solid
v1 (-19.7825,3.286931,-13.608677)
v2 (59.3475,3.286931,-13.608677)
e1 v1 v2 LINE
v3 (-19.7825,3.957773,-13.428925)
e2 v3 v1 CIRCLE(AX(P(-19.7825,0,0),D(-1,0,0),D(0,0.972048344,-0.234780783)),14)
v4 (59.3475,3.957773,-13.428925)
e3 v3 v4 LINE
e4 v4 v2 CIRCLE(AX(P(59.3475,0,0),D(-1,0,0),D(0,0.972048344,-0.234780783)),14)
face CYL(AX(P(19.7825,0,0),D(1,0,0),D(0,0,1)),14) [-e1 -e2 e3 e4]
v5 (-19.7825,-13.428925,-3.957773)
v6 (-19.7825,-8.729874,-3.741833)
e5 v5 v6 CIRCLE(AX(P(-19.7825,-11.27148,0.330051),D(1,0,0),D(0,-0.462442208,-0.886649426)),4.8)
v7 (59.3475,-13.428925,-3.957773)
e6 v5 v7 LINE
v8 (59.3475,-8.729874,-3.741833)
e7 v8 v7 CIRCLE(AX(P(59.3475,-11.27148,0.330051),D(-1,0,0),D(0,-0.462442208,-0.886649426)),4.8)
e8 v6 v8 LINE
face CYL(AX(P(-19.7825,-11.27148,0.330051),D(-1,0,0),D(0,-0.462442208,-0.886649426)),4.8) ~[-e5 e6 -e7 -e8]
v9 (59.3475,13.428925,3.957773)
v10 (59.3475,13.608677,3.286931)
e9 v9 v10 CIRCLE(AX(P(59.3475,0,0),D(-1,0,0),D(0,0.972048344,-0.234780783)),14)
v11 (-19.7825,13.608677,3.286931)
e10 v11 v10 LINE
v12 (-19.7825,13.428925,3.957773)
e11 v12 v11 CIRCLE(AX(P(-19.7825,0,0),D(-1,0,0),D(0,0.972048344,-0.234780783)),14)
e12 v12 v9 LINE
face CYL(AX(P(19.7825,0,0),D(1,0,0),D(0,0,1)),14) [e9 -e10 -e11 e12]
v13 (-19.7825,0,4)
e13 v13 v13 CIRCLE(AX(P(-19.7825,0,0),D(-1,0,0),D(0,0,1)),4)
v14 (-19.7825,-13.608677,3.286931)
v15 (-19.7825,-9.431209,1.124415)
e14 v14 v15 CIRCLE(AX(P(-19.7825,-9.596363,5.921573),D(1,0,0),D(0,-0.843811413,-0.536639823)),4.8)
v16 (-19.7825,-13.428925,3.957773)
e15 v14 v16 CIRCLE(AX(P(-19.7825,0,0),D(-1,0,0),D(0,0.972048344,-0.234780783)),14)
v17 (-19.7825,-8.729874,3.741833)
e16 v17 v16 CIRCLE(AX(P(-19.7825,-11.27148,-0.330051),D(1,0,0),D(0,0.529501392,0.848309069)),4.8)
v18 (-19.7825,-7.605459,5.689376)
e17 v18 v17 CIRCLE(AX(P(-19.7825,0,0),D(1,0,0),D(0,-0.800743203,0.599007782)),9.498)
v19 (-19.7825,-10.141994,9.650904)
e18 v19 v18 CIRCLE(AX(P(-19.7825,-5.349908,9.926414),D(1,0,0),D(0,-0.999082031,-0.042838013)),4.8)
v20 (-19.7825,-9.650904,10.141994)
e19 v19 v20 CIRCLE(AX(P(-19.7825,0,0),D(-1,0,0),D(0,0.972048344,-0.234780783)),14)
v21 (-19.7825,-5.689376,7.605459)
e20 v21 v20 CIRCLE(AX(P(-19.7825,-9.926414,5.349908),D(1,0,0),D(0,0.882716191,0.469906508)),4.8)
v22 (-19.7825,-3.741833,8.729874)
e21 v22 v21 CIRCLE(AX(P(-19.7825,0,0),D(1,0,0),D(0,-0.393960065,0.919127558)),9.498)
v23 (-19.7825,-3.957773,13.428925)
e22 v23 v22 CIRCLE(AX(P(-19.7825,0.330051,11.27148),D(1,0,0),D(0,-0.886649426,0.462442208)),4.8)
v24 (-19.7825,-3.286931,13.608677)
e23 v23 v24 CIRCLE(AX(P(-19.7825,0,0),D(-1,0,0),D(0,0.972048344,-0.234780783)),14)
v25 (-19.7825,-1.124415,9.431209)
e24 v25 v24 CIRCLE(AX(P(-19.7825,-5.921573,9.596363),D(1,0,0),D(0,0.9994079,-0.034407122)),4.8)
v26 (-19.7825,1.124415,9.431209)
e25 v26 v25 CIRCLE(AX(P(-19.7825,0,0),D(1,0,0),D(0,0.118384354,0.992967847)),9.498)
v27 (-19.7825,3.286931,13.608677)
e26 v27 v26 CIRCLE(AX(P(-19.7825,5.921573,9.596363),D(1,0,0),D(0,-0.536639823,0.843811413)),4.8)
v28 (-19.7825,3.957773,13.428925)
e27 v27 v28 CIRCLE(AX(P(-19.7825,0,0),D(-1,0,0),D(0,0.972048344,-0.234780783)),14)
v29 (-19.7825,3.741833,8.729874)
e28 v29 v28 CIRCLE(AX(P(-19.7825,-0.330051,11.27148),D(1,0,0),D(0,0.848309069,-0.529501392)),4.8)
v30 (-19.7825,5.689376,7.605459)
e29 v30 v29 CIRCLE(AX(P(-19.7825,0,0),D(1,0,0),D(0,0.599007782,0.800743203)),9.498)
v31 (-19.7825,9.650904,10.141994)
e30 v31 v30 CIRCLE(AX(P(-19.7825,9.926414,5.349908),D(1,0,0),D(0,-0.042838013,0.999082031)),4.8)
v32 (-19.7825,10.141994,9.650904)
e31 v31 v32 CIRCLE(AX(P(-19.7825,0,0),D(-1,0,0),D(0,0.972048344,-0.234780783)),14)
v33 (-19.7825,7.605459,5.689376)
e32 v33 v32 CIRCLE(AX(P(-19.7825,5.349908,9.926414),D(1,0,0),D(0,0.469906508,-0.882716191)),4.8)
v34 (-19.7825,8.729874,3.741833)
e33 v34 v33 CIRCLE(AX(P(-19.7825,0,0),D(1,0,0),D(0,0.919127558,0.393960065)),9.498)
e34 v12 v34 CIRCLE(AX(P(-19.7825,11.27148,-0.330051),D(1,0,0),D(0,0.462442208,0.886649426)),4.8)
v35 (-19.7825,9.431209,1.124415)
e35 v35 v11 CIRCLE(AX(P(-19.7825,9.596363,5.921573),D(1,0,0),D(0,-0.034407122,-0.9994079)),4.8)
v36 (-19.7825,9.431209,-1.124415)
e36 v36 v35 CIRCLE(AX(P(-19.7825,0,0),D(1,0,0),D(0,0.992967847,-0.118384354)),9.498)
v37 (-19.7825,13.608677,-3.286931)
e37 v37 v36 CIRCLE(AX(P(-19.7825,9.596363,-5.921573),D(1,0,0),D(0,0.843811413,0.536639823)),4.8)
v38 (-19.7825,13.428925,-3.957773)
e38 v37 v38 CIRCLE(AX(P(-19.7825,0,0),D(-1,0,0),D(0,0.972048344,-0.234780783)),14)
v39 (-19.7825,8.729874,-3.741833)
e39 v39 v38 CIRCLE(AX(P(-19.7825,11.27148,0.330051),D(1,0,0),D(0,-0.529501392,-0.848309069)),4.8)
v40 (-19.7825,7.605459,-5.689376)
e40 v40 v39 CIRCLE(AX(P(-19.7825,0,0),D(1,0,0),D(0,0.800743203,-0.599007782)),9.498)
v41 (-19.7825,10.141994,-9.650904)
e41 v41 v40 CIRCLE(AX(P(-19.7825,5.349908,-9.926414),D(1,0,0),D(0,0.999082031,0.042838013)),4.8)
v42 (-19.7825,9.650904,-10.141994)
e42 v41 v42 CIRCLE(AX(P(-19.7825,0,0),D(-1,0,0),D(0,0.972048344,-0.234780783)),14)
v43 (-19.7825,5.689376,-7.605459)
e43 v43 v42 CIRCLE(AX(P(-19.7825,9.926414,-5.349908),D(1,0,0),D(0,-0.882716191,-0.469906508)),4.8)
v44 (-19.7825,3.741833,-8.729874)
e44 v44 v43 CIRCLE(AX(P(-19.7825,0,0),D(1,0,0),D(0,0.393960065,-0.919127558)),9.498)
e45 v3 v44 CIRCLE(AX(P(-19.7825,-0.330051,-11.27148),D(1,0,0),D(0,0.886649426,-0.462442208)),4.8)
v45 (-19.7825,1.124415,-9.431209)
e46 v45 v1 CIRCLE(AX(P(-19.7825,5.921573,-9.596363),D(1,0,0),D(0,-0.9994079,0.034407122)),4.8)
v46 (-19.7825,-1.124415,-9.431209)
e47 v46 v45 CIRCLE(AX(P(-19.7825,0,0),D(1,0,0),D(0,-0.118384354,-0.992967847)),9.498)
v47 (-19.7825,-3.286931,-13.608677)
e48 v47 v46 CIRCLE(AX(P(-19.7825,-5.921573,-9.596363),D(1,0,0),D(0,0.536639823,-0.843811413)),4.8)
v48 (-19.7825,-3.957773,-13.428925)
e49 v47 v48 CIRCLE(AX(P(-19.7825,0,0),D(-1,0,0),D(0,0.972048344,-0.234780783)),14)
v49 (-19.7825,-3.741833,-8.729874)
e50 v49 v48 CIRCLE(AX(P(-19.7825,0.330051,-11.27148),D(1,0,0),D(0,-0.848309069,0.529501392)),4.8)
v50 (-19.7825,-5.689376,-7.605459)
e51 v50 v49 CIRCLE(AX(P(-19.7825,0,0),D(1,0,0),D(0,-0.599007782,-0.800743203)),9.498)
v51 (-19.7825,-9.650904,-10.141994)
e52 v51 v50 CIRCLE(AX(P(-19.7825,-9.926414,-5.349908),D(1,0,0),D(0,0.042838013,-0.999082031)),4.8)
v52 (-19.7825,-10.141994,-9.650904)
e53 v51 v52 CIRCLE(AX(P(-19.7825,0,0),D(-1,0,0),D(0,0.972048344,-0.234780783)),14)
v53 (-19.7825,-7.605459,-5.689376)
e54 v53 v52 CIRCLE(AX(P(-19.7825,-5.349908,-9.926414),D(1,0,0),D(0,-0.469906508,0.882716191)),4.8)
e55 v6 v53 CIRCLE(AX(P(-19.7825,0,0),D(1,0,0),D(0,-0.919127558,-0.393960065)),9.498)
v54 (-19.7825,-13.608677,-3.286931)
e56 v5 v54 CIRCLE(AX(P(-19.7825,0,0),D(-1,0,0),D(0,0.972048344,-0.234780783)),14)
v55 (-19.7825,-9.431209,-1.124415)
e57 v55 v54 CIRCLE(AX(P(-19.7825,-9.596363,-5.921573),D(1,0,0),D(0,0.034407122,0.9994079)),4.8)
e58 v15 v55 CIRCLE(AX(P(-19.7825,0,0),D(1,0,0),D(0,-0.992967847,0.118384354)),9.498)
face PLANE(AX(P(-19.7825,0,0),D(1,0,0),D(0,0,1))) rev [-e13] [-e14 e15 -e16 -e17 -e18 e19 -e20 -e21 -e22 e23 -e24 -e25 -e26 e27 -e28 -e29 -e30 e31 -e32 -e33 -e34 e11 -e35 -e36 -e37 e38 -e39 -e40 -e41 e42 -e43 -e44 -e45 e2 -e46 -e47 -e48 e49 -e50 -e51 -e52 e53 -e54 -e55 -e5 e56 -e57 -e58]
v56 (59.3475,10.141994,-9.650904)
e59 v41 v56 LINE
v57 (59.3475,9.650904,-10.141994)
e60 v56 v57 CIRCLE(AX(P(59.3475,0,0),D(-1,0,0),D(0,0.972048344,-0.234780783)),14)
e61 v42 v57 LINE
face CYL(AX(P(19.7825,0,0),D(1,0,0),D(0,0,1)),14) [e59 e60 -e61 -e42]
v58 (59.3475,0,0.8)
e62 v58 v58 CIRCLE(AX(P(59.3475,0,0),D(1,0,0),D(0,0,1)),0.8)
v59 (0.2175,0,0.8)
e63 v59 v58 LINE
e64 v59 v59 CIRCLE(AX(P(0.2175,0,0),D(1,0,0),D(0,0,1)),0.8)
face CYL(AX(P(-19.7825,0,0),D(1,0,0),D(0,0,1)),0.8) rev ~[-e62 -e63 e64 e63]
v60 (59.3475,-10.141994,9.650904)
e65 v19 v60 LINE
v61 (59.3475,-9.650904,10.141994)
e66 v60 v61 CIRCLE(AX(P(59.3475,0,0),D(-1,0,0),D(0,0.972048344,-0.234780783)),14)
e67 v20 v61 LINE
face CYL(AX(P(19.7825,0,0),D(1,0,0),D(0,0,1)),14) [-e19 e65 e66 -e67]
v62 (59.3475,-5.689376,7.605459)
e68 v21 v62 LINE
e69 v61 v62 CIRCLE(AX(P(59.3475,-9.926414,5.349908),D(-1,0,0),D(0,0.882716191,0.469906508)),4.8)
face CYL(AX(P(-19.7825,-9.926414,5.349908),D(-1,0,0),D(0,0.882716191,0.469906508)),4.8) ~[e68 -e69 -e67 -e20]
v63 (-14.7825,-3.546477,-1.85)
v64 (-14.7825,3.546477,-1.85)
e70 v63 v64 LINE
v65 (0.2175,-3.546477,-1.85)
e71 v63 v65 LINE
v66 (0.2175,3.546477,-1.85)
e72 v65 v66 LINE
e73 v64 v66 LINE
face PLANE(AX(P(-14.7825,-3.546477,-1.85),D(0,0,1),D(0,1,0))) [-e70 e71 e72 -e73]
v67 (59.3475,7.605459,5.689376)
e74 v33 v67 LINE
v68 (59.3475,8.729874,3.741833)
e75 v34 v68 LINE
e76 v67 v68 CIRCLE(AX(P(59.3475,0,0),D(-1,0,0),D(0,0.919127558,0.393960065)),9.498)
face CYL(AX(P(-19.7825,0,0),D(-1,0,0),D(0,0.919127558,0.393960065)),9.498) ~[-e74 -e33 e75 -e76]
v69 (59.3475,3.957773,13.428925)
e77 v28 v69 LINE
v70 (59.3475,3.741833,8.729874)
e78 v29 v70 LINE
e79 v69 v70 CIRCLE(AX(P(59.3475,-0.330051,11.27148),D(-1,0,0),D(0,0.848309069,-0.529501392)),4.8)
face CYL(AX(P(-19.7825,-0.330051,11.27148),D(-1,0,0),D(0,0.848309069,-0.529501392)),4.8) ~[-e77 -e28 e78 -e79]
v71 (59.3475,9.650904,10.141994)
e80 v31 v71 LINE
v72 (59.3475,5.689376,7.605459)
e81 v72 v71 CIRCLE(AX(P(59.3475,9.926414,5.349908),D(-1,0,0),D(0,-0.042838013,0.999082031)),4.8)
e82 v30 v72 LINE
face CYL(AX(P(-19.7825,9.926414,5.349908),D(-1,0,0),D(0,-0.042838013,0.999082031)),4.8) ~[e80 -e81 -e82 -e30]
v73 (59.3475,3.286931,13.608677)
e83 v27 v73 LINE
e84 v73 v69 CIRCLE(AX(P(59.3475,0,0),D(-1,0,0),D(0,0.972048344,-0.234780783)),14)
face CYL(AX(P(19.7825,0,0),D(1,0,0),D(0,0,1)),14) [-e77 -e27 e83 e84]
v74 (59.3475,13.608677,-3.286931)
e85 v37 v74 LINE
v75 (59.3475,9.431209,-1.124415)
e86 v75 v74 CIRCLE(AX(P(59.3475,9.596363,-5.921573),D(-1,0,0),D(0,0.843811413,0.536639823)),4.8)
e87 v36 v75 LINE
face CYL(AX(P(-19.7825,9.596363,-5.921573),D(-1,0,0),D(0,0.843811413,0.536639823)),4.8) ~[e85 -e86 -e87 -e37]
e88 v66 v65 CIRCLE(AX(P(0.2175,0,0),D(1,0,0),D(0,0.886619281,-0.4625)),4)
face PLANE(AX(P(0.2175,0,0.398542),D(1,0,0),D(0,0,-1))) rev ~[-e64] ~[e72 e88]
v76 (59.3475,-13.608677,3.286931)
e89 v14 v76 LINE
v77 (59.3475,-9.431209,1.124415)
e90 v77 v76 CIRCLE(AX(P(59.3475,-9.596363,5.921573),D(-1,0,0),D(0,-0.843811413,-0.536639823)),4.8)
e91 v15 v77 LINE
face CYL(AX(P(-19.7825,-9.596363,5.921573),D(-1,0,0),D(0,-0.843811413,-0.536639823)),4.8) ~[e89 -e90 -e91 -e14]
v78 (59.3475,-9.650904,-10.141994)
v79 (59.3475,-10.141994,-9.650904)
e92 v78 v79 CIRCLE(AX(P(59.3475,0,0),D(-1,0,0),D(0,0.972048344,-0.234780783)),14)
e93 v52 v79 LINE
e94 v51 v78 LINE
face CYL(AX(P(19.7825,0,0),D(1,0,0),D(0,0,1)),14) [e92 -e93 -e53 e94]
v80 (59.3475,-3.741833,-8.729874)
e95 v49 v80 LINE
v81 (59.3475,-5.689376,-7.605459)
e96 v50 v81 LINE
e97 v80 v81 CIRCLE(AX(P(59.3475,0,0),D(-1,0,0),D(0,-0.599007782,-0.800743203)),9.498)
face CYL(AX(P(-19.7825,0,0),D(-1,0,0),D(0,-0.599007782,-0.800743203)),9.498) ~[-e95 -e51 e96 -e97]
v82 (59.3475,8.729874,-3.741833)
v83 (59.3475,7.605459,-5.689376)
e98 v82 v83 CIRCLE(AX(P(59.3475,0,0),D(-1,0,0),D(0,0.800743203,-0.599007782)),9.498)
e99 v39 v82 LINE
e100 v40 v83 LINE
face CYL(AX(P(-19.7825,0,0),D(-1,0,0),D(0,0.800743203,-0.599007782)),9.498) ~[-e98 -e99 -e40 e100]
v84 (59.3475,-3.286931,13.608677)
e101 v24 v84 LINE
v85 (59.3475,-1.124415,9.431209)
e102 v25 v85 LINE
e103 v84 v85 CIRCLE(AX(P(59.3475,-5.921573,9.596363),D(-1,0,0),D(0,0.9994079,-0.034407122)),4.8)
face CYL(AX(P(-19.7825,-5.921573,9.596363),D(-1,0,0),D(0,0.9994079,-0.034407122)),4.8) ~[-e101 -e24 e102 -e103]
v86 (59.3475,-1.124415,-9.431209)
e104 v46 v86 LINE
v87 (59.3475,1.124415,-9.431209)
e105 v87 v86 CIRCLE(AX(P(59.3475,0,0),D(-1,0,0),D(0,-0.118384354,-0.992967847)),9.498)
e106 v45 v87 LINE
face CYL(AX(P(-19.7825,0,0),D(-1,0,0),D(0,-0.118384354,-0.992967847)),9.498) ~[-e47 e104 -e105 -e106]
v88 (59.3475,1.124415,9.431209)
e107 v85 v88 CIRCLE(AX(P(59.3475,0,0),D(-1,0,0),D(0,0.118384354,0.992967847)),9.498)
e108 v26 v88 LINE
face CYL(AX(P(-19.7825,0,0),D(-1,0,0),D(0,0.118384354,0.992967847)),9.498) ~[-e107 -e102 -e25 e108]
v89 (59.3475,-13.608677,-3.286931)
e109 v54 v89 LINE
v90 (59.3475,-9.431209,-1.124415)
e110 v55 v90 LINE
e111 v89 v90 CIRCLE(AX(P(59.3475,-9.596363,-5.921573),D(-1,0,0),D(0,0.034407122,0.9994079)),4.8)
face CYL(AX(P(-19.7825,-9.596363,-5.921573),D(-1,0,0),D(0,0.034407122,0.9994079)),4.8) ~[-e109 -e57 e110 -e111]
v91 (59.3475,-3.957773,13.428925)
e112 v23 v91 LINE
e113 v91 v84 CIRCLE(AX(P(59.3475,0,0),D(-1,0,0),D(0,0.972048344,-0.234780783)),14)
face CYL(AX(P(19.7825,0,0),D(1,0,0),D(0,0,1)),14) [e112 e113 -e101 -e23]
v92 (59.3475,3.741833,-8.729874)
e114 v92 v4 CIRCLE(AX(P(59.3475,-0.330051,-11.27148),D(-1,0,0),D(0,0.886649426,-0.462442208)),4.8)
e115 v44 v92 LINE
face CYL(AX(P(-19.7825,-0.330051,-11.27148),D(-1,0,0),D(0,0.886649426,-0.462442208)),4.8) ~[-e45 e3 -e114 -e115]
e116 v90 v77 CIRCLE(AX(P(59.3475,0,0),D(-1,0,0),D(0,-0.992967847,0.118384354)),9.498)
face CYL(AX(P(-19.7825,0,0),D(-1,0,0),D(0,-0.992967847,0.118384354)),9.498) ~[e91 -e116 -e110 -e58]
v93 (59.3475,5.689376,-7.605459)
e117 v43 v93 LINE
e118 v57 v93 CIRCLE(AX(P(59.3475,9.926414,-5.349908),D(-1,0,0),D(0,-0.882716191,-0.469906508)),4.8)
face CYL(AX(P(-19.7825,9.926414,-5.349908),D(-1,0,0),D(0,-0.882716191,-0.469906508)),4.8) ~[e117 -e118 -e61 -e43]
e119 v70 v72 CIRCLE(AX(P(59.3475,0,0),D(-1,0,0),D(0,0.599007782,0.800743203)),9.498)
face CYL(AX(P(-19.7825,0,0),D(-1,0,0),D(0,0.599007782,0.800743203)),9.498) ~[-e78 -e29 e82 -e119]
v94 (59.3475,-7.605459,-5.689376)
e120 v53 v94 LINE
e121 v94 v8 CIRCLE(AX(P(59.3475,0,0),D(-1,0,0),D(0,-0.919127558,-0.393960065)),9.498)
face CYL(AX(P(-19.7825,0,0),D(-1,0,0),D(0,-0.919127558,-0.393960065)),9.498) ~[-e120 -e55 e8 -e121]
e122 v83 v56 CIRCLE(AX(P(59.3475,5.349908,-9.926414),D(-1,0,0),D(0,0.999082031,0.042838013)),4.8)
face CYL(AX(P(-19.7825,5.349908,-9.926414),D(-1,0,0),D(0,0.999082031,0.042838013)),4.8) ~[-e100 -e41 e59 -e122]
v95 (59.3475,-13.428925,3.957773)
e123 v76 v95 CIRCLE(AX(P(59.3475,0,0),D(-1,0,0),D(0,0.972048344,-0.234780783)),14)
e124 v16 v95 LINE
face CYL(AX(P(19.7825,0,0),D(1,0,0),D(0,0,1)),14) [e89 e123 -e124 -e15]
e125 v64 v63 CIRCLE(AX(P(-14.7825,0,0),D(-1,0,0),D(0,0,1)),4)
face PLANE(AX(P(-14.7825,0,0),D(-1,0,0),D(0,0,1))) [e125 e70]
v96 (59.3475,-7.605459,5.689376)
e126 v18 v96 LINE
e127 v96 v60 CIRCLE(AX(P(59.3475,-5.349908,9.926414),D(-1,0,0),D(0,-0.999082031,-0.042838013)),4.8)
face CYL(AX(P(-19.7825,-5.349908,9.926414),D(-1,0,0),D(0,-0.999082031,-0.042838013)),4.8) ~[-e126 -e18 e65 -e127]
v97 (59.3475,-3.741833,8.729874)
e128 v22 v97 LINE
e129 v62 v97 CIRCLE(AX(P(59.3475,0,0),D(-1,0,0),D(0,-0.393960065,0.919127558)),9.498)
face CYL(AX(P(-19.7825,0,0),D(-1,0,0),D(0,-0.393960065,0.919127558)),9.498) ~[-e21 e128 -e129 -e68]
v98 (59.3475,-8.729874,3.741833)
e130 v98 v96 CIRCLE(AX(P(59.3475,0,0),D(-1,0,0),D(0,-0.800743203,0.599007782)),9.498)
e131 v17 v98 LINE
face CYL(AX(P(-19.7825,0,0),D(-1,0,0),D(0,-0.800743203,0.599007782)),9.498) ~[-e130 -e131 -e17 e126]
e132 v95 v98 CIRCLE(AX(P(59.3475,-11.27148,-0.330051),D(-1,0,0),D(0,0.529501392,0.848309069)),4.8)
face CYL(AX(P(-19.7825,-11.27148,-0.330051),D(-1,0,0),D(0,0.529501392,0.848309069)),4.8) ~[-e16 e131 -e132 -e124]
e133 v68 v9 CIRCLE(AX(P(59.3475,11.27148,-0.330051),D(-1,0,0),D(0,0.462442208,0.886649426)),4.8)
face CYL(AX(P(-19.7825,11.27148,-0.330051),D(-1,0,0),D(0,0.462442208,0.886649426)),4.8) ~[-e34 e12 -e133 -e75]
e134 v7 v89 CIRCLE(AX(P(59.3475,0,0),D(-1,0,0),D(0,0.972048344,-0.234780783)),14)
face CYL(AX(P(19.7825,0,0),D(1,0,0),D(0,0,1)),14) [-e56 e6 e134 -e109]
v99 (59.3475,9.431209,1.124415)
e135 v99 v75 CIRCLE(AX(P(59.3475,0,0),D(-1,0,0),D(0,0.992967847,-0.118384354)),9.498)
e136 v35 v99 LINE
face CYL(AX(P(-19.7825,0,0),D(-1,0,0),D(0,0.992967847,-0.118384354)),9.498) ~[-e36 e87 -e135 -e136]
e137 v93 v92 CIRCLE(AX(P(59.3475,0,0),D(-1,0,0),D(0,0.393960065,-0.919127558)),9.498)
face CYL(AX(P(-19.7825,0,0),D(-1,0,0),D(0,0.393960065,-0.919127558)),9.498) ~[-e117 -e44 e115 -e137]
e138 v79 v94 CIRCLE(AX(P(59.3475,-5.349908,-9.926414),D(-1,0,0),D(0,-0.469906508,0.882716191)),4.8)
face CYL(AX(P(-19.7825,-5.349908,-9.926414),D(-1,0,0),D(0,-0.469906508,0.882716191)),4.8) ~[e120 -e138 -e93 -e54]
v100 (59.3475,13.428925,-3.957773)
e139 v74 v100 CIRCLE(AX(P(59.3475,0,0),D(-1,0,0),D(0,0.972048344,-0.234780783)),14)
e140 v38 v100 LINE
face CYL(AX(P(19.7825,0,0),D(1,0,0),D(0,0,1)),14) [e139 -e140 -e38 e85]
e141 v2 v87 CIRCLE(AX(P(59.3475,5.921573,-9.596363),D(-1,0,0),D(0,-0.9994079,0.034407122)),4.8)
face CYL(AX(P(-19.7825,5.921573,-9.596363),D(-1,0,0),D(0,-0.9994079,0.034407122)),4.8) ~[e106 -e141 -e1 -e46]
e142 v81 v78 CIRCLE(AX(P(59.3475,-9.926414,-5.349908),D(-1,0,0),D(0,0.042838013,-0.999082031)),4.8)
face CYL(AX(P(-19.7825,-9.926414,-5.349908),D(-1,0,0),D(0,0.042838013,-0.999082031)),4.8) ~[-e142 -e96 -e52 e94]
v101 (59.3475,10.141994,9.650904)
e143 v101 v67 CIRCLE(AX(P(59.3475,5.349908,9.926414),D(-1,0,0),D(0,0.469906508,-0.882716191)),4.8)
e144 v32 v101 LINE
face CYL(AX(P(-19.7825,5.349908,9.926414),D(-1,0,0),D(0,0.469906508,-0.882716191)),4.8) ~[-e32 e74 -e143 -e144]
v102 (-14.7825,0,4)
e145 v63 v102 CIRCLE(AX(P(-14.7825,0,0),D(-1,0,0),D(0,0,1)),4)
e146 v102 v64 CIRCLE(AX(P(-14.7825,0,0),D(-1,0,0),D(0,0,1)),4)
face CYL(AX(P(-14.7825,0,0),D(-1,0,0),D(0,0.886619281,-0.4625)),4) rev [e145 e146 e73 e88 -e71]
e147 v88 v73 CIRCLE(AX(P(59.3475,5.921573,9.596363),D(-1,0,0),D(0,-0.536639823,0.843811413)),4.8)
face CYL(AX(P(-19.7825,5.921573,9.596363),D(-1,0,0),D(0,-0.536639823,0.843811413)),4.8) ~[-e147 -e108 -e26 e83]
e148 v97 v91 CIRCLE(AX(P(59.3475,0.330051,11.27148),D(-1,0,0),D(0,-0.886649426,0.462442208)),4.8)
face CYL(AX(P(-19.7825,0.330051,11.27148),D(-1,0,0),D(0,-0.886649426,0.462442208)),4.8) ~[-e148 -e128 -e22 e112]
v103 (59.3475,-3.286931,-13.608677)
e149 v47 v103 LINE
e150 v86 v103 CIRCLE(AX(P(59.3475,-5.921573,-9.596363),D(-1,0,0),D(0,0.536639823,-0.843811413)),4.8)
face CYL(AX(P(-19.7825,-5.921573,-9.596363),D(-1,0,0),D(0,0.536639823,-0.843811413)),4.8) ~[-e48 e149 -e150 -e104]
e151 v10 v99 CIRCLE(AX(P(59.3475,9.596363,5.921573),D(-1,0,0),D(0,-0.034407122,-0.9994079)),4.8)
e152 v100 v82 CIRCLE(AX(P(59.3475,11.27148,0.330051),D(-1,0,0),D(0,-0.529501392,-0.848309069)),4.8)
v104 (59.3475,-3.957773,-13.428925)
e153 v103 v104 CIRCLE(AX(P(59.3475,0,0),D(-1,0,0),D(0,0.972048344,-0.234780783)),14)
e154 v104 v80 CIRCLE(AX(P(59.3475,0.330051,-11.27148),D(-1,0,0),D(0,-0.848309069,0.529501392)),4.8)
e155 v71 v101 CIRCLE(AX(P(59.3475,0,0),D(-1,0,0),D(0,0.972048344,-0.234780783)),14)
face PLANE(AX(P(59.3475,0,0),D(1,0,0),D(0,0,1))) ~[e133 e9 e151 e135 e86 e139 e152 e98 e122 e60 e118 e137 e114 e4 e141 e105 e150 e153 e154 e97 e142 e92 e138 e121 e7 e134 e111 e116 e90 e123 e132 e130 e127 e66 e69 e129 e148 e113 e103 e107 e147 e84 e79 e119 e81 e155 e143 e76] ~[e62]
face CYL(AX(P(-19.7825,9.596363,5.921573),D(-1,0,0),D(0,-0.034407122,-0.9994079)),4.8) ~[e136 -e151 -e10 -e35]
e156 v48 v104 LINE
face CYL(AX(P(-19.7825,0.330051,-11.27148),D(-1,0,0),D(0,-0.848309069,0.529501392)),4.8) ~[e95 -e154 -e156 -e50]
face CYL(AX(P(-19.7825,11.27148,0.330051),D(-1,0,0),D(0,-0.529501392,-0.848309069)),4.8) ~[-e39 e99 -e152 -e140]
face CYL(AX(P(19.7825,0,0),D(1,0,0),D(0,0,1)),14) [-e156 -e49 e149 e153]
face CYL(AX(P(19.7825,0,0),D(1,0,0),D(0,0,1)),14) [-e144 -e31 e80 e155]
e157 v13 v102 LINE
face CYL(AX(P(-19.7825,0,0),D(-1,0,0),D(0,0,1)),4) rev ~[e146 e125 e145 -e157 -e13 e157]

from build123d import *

# Parameters (mm, degrees)
BASPROSKE_W        = 39.565
BASPROSKE_H        = 7
TOOTHCUT_DEPTH     = 41.784668995
TEETHCUTS_COUNT    = 12
TEETHCUTS_ANGLE    = 330
BORSKE_R           = 0.4
BORE_DEPTH         = 50.0000508
SCALE1_SCALE       = 2
SKETCH5_R          = 4
CUT_EXTRUDE2_DEPTH = 5
CUT_EXTRUDE4_DEPTH = 15


with BuildPart() as part:
    # BasProSke → Base-Revolve (revolve)
    with BuildSketch(Plane(origin=(0, 0, 0), x_dir=(1, 0, 0), z_dir=(0, 1, 0)), mode=Mode.PRIVATE) as base_revolve_sk:
        with Locations((19.7825, 3.5)):
            Rectangle(BASPROSKE_W, BASPROSKE_H)
    revolve(base_revolve_sk.sketch.rotate(Axis((-10, 0, 0), (1, 0, 0)), 180), axis=Axis((-10, 0, 0), (1, 0, 0)))

    # TooCutSke → ToothCut (cut, through all)
    with BuildSketch(Plane(origin=(0, 0, 0), x_dir=(0, 0, -1), z_dir=(1, 0, 0))):
        with BuildLine():
            ThreePointArc((0.562207301, 4.715604304), (0, 4.749), (-0.562207301, 4.715604304))
            ThreePointArc((-0.562207301, 4.715604304), (-0.837528627, 5.917009812), (-1.672850686, 6.823328788))
            ThreePointArc((-1.672850686, 6.823328788), (0, 7.0254), (1.672850686, 6.823328788))
            ThreePointArc((1.672850686, 6.823328788), (0.837528627, 5.917009812), (0.562207301, 4.715604304))
        make_face()
    toothcut = extrude(amount=TOOTHCUT_DEPTH, mode=Mode.SUBTRACT)

    # TeethCuts: ToothCut ×12 about axis
    teethcuts_axis = Axis((-10, 0, 0), (1, 0, 0))
    for i in range(1, TEETHCUTS_COUNT):
        add(toothcut.rotate(teethcuts_axis, i * TEETHCUTS_ANGLE / (TEETHCUTS_COUNT - 1)), mode=Mode.SUBTRACT)

    # BorSke → Bore (cut, symmetric)
    with BuildSketch(Plane(origin=(0, 0, 0), x_dir=(0, 0, -1), z_dir=(1, 0, 0))):
        with Locations(Location((0, 0, 0), (0, 0, 180))):
            Circle(BORSKE_R)
    extrude(amount=BORE_DEPTH, both=True, mode=Mode.SUBTRACT)


with BuildPart() as part_1:
    # Scale1: scaled about (19.7825, 0, 0)
    add(part.part.scale(SCALE1_SCALE).moved(Location((-19.7825, 0, 0))))

    # Sketch5 → Cut-Extrude2 (cut)
    with BuildSketch(Plane.ZY.offset(19.7825)):
        Circle(SKETCH5_R)
    extrude(amount=-CUT_EXTRUDE2_DEPTH, mode=Mode.SUBTRACT)

    # Sketch8 → Cut-Extrude4 (cut)
    with BuildSketch(Plane.ZY.offset(14.7825)):
        with BuildLine():
            Line((-1.85, 0), (-1.85, 3.546477125))
            ThreePointArc((-1.85, 3.546477125), (4, 0), (-1.85, -3.546477125))
            Line((-1.85, -3.546477125), (-1.85, 0))
        make_face()
    extrude(amount=-CUT_EXTRUDE4_DEPTH, mode=Mode.SUBTRACT)


solid = part_1.part
